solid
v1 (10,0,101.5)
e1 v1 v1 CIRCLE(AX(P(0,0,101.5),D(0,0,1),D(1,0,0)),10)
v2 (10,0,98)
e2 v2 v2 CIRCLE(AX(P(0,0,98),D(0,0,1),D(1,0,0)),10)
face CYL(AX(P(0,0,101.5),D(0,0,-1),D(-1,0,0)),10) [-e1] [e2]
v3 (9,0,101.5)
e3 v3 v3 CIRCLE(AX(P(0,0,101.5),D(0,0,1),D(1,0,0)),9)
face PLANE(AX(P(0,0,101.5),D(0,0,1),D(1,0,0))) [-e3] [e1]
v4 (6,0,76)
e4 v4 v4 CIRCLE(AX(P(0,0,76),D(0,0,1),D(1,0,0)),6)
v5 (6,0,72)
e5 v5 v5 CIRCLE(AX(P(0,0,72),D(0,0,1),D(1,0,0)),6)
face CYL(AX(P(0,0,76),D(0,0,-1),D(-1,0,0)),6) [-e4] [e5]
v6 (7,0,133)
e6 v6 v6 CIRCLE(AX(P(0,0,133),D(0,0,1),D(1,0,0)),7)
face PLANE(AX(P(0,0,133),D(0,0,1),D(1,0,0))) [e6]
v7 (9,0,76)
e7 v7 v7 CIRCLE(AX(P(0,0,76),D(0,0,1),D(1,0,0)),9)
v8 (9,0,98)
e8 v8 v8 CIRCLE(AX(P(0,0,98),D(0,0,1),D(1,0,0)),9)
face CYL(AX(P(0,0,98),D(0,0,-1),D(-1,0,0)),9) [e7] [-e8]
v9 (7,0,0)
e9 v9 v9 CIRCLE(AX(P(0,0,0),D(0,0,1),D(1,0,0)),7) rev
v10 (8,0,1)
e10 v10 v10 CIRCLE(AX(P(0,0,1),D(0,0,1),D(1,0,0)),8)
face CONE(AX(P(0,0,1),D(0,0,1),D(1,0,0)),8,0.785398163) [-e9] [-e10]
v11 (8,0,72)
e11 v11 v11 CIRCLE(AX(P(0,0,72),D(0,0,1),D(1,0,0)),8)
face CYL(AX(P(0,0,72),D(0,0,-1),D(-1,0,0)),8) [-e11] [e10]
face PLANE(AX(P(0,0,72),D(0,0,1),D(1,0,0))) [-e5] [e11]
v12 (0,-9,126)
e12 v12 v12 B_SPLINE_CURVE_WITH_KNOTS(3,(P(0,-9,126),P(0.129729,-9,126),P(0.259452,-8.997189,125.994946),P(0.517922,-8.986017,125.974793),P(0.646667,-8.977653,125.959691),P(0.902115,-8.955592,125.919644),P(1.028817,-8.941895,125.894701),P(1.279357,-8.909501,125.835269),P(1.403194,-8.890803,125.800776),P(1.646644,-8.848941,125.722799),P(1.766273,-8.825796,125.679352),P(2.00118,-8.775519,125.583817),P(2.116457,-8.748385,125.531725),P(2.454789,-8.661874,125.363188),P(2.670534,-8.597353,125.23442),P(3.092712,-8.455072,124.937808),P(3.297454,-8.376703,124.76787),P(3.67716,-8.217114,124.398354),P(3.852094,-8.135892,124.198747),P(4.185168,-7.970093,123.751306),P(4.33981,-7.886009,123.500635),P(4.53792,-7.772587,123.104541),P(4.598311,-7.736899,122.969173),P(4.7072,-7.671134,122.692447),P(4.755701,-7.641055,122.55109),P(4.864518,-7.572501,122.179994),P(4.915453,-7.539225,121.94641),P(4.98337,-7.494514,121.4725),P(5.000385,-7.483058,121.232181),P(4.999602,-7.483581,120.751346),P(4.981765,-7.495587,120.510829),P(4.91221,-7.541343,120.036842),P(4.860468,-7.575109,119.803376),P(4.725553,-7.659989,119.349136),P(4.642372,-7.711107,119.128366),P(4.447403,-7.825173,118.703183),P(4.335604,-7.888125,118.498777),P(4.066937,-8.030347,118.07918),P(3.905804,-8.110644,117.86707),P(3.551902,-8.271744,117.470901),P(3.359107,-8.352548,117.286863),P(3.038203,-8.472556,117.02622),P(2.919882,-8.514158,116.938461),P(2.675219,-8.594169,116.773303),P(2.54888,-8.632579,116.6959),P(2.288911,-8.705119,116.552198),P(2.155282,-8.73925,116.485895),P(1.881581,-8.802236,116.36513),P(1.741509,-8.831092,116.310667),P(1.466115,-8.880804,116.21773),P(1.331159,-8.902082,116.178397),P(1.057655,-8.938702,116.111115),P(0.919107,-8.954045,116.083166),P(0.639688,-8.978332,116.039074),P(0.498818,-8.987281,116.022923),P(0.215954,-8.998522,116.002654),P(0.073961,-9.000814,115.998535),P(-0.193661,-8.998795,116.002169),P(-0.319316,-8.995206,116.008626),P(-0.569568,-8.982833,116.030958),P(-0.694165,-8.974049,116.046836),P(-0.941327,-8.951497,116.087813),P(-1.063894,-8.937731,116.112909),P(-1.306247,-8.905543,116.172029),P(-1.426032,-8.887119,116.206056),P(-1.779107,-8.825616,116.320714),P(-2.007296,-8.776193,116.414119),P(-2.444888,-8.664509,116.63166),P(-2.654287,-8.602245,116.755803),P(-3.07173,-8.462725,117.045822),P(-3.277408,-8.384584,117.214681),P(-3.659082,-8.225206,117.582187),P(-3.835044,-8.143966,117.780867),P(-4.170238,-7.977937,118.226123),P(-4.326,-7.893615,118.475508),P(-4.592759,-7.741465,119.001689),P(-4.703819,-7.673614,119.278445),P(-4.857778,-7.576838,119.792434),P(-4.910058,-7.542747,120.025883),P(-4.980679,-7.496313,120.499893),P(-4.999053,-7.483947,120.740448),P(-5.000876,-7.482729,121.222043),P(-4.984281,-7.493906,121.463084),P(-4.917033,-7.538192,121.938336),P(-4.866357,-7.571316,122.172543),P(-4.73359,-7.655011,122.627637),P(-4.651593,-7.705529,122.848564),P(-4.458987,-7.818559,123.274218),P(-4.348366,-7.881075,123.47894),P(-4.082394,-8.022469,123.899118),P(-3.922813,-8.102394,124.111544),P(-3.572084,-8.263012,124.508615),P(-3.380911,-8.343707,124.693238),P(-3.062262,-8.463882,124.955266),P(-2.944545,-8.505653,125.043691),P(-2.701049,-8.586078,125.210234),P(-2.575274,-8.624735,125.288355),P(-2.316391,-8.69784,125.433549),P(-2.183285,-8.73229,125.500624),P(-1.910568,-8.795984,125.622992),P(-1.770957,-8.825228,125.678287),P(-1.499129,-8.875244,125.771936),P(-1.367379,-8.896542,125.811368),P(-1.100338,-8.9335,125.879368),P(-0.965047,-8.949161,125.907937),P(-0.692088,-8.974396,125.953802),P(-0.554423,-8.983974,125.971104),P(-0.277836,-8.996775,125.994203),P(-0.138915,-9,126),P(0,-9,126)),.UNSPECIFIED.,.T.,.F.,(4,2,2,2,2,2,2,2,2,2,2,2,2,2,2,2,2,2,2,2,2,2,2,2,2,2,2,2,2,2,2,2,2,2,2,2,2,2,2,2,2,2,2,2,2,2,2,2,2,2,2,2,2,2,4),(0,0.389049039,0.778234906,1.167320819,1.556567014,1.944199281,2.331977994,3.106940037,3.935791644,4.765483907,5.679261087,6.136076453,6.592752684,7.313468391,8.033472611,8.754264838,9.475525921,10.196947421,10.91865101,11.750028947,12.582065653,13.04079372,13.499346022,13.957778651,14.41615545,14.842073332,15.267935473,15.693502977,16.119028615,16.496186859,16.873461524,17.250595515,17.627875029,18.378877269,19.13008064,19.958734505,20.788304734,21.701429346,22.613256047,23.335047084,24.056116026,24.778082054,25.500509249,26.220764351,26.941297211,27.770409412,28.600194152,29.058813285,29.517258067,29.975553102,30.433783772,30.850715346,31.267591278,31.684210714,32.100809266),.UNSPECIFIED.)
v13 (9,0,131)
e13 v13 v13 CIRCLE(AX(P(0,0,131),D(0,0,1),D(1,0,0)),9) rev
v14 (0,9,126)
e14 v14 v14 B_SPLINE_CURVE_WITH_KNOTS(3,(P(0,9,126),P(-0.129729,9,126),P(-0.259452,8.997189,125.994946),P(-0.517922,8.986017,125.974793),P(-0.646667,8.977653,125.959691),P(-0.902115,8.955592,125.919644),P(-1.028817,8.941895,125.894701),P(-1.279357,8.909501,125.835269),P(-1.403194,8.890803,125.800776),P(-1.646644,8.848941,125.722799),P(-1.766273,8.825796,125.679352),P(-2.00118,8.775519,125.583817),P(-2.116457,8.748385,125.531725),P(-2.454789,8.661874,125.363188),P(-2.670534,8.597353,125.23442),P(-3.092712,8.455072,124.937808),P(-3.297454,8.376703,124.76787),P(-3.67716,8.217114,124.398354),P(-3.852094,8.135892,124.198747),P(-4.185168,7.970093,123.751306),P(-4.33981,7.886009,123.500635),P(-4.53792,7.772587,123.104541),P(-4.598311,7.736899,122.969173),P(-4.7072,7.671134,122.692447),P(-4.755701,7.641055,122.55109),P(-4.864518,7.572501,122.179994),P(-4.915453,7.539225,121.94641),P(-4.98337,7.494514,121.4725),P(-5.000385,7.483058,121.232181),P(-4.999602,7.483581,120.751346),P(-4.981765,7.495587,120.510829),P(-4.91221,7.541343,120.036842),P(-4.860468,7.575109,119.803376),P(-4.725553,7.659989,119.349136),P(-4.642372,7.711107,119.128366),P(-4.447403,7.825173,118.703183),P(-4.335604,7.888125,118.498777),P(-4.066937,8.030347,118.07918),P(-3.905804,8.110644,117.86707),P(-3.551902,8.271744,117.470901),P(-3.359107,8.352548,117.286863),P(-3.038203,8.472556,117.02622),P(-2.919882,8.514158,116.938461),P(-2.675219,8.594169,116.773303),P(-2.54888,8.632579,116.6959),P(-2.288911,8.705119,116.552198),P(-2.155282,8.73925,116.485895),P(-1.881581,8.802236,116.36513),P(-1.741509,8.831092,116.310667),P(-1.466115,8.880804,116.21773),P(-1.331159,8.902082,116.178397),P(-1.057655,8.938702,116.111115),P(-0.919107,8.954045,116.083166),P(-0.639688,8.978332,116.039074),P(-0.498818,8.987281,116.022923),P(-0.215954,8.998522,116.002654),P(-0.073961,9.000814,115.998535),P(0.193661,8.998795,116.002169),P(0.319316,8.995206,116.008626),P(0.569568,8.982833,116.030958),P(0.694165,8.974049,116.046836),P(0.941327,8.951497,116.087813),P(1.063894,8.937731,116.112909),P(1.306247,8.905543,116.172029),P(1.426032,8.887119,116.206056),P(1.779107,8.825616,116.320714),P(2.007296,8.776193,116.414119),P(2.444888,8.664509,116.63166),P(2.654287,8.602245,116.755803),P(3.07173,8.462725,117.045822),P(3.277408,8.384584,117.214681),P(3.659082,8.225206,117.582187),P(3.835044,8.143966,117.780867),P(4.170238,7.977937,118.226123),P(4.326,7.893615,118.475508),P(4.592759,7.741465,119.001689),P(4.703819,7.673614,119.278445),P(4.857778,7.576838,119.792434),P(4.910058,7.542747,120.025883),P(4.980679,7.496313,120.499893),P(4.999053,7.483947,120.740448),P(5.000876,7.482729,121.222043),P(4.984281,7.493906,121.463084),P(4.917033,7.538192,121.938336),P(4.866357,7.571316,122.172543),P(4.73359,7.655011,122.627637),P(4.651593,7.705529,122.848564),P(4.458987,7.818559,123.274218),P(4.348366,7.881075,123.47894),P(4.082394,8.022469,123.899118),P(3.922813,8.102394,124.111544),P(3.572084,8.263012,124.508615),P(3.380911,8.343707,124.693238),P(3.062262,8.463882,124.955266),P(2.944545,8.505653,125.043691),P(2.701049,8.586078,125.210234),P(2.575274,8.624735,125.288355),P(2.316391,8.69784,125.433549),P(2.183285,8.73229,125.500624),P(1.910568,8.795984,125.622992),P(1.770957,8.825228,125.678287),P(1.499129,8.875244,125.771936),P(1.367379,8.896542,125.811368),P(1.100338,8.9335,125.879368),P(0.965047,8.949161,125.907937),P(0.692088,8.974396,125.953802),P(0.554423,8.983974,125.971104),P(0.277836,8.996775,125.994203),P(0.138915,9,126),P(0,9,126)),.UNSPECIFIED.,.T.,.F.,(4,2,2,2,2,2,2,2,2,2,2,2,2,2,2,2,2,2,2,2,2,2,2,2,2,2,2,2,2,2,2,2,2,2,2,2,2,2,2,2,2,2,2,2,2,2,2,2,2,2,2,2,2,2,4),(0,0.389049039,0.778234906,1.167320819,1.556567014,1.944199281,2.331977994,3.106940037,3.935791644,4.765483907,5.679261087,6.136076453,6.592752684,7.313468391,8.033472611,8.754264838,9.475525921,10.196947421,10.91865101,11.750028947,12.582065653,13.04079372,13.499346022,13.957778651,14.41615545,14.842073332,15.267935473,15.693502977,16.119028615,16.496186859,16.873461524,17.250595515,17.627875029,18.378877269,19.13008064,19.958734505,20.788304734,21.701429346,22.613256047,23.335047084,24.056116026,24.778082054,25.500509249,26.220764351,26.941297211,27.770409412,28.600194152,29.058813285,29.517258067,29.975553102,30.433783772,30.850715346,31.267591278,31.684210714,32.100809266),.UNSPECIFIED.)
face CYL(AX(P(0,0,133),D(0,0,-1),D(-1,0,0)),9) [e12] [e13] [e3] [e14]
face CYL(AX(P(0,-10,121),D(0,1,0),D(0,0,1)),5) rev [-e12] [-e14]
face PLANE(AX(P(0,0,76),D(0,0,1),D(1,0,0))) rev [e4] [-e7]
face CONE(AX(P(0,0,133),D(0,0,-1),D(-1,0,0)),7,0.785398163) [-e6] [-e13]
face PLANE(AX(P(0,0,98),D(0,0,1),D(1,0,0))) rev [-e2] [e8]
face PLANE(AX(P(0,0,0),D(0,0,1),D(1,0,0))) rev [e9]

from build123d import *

# Parameters (mm, degrees)
ESQUISSE2_R                  = 8
BOSS_EXTRU_1_DEPTH           = 72
ESQUISSE3_R                  = 6
BOSS_EXTRU_2_DEPTH           = 4
ESQUISSE4_R                  = 9
BOSS_EXTRU_3_DEPTH           = 22
ESQUISSE5_R                  = 10
BOSS_EXTRU_4_DEPTH           = 3.5
ESQUISSE6_R                  = 9
BOSS_EXTRU_5_DEPTH           = 31.5
CHANFREIN1_SIZE              = 2
CHANFREIN2_SIZE              = 1
ENL_V_MAT_EXTRU_1_DEPTH      = 134.749766355
ENL_V_MAT_EXTRU_1_DEPTH_BACK = 134.749766355
ESQUISSE7_R                  = 5


with BuildPart() as part:
    # Esquisse2 → Boss.-Extru.1 (new body)
    with BuildSketch(Plane.XY):
        Circle(ESQUISSE2_R)
    extrude(amount=BOSS_EXTRU_1_DEPTH)

    # Esquisse3 → Boss.-Extru.2 (add)
    with BuildSketch(Plane.XY.offset(72)):
        Circle(ESQUISSE3_R)
    extrude(amount=BOSS_EXTRU_2_DEPTH)

    # Esquisse4 → Boss.-Extru.3 (add)
    with BuildSketch(Plane.XY.offset(76)):
        Circle(ESQUISSE4_R)
    extrude(amount=BOSS_EXTRU_3_DEPTH)

    # Esquisse5 → Boss.-Extru.4 (add)
    with BuildSketch(Plane.XY.offset(98)):
        Circle(ESQUISSE5_R)
    extrude(amount=BOSS_EXTRU_4_DEPTH)

    # Esquisse6 → Boss.-Extru.5 (add)
    with BuildSketch(Plane.XY.offset(101.5)):
        Circle(ESQUISSE6_R)
    extrude(amount=BOSS_EXTRU_5_DEPTH)

    # Chanfrein1
    chanfrein1_edges = [part.edges().sort_by_distance(p)[0] for p in [
        (-9, 0, 133),
    ]]
    chamfer(chanfrein1_edges, length=CHANFREIN1_SIZE)

    # Chanfrein2
    chanfrein2_edges = [part.edges().sort_by_distance(p)[0] for p in [
        (-8, 0, 0),
    ]]
    chamfer(chanfrein2_edges, length=CHANFREIN2_SIZE)

    # Esquisse7 → Enlèv. mat.-Extru.1 (cut, two sides: drawn at the far end of the back side and taken through both)
    with BuildSketch(Plane(origin=(0, 0, 0), x_dir=(1, 0, 0), z_dir=(0, 1, 0)).offset(-ENL_V_MAT_EXTRU_1_DEPTH_BACK)):
        with Locations(Location((0, -121, 0), (0, 0, 270))):
            Circle(ESQUISSE7_R)
    extrude(amount=ENL_V_MAT_EXTRU_1_DEPTH + ENL_V_MAT_EXTRU_1_DEPTH_BACK, mode=Mode.SUBTRACT)


solid = part.part
